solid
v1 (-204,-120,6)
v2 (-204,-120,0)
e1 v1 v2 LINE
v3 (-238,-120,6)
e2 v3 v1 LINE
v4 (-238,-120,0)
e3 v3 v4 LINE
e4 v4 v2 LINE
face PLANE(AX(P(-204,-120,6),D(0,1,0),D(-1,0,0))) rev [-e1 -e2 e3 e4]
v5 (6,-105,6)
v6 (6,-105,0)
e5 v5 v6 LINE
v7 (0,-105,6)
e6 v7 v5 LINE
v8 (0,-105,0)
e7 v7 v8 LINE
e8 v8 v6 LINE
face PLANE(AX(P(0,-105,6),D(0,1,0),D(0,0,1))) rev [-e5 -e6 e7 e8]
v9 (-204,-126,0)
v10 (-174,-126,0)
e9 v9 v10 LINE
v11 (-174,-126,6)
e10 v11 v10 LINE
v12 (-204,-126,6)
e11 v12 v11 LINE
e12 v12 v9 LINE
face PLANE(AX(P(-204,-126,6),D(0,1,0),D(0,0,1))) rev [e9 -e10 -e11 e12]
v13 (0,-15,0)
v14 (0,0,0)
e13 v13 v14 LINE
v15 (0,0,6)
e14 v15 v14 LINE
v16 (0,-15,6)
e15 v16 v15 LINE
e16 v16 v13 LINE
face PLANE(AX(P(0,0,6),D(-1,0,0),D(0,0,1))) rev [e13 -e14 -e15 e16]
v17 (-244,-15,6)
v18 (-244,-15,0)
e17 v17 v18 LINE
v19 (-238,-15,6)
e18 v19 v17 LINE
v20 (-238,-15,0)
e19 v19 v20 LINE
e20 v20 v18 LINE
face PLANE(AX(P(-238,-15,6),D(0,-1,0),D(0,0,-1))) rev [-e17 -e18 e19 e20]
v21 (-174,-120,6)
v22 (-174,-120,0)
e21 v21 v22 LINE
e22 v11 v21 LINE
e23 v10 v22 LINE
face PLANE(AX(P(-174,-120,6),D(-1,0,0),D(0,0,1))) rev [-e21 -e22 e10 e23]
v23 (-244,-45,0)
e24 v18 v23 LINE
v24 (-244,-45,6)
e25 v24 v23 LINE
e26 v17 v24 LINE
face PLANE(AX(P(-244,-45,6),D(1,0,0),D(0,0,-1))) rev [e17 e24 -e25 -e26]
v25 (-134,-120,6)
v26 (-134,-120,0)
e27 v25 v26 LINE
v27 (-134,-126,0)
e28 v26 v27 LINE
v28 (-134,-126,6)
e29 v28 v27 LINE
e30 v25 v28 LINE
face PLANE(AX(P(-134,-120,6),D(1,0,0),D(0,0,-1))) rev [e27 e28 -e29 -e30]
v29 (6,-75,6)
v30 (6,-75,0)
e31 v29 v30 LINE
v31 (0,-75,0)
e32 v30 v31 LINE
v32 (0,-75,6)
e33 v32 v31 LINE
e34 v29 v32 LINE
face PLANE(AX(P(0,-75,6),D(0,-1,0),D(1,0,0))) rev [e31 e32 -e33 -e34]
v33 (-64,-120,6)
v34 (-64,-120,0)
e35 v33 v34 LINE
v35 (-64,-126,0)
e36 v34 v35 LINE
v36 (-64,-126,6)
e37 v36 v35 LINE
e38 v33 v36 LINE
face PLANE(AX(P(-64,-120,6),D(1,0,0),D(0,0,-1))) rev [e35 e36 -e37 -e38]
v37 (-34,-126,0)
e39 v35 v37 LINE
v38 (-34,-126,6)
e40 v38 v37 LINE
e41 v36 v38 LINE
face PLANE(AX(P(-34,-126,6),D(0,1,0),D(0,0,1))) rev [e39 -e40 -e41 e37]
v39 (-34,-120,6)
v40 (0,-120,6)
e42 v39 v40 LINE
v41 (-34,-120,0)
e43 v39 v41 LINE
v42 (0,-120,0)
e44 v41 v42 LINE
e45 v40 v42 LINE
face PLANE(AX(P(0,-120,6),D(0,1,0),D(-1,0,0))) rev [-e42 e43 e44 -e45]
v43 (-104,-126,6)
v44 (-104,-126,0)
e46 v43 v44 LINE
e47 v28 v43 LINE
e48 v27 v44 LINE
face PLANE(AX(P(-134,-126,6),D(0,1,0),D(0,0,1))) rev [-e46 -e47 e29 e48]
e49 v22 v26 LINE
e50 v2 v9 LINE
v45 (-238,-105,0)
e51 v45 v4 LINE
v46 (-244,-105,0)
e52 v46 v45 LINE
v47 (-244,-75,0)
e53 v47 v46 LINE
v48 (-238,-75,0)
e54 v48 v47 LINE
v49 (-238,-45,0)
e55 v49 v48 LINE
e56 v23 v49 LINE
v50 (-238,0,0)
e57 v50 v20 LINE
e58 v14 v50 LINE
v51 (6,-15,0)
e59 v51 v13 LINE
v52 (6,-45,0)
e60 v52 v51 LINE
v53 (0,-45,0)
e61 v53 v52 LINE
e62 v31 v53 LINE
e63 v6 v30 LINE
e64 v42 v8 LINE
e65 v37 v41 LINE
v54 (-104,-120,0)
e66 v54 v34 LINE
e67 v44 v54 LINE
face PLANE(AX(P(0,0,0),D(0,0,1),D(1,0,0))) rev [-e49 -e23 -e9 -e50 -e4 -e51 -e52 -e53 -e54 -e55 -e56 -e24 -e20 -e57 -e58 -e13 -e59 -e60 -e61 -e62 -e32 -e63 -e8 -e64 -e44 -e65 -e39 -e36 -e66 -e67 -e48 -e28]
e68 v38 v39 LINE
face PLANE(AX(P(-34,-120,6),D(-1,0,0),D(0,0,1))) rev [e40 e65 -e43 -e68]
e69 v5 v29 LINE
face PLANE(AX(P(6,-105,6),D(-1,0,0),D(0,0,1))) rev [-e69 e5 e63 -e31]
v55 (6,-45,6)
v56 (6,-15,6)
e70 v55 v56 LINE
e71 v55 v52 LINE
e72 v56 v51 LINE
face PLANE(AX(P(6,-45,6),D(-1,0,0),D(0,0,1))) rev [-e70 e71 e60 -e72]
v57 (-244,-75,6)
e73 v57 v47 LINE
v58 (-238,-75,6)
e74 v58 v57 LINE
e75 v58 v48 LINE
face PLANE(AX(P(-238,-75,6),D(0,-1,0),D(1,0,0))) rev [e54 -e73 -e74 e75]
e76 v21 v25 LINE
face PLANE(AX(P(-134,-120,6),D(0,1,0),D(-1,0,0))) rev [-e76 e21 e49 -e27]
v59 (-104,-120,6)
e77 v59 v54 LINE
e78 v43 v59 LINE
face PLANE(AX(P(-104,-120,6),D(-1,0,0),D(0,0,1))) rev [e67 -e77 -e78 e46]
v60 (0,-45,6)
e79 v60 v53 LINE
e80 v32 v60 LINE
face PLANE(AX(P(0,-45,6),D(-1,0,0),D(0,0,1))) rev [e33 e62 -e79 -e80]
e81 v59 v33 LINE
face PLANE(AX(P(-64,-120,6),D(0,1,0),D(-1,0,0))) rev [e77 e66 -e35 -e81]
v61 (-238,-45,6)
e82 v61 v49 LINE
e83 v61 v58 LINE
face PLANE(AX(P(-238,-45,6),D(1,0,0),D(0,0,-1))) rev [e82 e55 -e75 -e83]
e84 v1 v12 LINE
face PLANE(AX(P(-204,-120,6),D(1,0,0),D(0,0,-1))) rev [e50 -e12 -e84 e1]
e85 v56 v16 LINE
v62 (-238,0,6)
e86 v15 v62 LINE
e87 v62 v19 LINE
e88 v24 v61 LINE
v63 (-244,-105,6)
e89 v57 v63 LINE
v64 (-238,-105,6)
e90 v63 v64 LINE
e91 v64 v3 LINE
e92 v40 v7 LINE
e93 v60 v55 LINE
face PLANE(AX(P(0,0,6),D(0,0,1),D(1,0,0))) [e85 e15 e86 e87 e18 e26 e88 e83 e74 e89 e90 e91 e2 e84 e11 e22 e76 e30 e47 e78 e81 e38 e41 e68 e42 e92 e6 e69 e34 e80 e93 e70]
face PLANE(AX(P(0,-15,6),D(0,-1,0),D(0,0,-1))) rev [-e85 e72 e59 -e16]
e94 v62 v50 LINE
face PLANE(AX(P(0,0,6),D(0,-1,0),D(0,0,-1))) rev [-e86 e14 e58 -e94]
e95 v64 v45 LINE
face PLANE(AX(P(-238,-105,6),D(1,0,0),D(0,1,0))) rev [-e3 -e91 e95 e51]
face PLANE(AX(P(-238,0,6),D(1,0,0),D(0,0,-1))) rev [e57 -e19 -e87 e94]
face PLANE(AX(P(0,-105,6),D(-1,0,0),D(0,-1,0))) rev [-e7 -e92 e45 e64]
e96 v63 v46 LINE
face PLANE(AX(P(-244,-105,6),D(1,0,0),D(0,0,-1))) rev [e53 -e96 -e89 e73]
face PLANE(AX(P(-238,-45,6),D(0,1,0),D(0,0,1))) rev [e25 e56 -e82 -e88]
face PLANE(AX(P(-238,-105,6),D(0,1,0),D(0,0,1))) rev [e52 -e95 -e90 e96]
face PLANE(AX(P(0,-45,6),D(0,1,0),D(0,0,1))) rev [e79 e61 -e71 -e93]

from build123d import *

# Parameters (mm, degrees)
EXTRUDE_1_DEPTH = 6


with BuildPart() as part:
    # Эскиз1 → Бобышка-Вытянуть1 (new body)
    with BuildSketch(Plane.XY):
        Polygon((0, 0), (-238, 0), (-238, -15), (-244, -15), (-244, -45), (-238, -45), (-238, -75), (-244, -75), (-244, -105), (-238, -105), (-238, -120), (-204, -120), (-204, -126), (-174, -126), (-174, -120), (-134, -120), (-134, -126), (-104, -126), (-104, -120), (-64, -120), (-64, -126), (-34, -126), (-34, -120), (0, -120), (0, -105), (6, -105), (6, -75), (0, -75), (0, -45), (6, -45), (6, -15), (0, -15), align=None)
    extrude(amount=EXTRUDE_1_DEPTH)


solid = part.part
